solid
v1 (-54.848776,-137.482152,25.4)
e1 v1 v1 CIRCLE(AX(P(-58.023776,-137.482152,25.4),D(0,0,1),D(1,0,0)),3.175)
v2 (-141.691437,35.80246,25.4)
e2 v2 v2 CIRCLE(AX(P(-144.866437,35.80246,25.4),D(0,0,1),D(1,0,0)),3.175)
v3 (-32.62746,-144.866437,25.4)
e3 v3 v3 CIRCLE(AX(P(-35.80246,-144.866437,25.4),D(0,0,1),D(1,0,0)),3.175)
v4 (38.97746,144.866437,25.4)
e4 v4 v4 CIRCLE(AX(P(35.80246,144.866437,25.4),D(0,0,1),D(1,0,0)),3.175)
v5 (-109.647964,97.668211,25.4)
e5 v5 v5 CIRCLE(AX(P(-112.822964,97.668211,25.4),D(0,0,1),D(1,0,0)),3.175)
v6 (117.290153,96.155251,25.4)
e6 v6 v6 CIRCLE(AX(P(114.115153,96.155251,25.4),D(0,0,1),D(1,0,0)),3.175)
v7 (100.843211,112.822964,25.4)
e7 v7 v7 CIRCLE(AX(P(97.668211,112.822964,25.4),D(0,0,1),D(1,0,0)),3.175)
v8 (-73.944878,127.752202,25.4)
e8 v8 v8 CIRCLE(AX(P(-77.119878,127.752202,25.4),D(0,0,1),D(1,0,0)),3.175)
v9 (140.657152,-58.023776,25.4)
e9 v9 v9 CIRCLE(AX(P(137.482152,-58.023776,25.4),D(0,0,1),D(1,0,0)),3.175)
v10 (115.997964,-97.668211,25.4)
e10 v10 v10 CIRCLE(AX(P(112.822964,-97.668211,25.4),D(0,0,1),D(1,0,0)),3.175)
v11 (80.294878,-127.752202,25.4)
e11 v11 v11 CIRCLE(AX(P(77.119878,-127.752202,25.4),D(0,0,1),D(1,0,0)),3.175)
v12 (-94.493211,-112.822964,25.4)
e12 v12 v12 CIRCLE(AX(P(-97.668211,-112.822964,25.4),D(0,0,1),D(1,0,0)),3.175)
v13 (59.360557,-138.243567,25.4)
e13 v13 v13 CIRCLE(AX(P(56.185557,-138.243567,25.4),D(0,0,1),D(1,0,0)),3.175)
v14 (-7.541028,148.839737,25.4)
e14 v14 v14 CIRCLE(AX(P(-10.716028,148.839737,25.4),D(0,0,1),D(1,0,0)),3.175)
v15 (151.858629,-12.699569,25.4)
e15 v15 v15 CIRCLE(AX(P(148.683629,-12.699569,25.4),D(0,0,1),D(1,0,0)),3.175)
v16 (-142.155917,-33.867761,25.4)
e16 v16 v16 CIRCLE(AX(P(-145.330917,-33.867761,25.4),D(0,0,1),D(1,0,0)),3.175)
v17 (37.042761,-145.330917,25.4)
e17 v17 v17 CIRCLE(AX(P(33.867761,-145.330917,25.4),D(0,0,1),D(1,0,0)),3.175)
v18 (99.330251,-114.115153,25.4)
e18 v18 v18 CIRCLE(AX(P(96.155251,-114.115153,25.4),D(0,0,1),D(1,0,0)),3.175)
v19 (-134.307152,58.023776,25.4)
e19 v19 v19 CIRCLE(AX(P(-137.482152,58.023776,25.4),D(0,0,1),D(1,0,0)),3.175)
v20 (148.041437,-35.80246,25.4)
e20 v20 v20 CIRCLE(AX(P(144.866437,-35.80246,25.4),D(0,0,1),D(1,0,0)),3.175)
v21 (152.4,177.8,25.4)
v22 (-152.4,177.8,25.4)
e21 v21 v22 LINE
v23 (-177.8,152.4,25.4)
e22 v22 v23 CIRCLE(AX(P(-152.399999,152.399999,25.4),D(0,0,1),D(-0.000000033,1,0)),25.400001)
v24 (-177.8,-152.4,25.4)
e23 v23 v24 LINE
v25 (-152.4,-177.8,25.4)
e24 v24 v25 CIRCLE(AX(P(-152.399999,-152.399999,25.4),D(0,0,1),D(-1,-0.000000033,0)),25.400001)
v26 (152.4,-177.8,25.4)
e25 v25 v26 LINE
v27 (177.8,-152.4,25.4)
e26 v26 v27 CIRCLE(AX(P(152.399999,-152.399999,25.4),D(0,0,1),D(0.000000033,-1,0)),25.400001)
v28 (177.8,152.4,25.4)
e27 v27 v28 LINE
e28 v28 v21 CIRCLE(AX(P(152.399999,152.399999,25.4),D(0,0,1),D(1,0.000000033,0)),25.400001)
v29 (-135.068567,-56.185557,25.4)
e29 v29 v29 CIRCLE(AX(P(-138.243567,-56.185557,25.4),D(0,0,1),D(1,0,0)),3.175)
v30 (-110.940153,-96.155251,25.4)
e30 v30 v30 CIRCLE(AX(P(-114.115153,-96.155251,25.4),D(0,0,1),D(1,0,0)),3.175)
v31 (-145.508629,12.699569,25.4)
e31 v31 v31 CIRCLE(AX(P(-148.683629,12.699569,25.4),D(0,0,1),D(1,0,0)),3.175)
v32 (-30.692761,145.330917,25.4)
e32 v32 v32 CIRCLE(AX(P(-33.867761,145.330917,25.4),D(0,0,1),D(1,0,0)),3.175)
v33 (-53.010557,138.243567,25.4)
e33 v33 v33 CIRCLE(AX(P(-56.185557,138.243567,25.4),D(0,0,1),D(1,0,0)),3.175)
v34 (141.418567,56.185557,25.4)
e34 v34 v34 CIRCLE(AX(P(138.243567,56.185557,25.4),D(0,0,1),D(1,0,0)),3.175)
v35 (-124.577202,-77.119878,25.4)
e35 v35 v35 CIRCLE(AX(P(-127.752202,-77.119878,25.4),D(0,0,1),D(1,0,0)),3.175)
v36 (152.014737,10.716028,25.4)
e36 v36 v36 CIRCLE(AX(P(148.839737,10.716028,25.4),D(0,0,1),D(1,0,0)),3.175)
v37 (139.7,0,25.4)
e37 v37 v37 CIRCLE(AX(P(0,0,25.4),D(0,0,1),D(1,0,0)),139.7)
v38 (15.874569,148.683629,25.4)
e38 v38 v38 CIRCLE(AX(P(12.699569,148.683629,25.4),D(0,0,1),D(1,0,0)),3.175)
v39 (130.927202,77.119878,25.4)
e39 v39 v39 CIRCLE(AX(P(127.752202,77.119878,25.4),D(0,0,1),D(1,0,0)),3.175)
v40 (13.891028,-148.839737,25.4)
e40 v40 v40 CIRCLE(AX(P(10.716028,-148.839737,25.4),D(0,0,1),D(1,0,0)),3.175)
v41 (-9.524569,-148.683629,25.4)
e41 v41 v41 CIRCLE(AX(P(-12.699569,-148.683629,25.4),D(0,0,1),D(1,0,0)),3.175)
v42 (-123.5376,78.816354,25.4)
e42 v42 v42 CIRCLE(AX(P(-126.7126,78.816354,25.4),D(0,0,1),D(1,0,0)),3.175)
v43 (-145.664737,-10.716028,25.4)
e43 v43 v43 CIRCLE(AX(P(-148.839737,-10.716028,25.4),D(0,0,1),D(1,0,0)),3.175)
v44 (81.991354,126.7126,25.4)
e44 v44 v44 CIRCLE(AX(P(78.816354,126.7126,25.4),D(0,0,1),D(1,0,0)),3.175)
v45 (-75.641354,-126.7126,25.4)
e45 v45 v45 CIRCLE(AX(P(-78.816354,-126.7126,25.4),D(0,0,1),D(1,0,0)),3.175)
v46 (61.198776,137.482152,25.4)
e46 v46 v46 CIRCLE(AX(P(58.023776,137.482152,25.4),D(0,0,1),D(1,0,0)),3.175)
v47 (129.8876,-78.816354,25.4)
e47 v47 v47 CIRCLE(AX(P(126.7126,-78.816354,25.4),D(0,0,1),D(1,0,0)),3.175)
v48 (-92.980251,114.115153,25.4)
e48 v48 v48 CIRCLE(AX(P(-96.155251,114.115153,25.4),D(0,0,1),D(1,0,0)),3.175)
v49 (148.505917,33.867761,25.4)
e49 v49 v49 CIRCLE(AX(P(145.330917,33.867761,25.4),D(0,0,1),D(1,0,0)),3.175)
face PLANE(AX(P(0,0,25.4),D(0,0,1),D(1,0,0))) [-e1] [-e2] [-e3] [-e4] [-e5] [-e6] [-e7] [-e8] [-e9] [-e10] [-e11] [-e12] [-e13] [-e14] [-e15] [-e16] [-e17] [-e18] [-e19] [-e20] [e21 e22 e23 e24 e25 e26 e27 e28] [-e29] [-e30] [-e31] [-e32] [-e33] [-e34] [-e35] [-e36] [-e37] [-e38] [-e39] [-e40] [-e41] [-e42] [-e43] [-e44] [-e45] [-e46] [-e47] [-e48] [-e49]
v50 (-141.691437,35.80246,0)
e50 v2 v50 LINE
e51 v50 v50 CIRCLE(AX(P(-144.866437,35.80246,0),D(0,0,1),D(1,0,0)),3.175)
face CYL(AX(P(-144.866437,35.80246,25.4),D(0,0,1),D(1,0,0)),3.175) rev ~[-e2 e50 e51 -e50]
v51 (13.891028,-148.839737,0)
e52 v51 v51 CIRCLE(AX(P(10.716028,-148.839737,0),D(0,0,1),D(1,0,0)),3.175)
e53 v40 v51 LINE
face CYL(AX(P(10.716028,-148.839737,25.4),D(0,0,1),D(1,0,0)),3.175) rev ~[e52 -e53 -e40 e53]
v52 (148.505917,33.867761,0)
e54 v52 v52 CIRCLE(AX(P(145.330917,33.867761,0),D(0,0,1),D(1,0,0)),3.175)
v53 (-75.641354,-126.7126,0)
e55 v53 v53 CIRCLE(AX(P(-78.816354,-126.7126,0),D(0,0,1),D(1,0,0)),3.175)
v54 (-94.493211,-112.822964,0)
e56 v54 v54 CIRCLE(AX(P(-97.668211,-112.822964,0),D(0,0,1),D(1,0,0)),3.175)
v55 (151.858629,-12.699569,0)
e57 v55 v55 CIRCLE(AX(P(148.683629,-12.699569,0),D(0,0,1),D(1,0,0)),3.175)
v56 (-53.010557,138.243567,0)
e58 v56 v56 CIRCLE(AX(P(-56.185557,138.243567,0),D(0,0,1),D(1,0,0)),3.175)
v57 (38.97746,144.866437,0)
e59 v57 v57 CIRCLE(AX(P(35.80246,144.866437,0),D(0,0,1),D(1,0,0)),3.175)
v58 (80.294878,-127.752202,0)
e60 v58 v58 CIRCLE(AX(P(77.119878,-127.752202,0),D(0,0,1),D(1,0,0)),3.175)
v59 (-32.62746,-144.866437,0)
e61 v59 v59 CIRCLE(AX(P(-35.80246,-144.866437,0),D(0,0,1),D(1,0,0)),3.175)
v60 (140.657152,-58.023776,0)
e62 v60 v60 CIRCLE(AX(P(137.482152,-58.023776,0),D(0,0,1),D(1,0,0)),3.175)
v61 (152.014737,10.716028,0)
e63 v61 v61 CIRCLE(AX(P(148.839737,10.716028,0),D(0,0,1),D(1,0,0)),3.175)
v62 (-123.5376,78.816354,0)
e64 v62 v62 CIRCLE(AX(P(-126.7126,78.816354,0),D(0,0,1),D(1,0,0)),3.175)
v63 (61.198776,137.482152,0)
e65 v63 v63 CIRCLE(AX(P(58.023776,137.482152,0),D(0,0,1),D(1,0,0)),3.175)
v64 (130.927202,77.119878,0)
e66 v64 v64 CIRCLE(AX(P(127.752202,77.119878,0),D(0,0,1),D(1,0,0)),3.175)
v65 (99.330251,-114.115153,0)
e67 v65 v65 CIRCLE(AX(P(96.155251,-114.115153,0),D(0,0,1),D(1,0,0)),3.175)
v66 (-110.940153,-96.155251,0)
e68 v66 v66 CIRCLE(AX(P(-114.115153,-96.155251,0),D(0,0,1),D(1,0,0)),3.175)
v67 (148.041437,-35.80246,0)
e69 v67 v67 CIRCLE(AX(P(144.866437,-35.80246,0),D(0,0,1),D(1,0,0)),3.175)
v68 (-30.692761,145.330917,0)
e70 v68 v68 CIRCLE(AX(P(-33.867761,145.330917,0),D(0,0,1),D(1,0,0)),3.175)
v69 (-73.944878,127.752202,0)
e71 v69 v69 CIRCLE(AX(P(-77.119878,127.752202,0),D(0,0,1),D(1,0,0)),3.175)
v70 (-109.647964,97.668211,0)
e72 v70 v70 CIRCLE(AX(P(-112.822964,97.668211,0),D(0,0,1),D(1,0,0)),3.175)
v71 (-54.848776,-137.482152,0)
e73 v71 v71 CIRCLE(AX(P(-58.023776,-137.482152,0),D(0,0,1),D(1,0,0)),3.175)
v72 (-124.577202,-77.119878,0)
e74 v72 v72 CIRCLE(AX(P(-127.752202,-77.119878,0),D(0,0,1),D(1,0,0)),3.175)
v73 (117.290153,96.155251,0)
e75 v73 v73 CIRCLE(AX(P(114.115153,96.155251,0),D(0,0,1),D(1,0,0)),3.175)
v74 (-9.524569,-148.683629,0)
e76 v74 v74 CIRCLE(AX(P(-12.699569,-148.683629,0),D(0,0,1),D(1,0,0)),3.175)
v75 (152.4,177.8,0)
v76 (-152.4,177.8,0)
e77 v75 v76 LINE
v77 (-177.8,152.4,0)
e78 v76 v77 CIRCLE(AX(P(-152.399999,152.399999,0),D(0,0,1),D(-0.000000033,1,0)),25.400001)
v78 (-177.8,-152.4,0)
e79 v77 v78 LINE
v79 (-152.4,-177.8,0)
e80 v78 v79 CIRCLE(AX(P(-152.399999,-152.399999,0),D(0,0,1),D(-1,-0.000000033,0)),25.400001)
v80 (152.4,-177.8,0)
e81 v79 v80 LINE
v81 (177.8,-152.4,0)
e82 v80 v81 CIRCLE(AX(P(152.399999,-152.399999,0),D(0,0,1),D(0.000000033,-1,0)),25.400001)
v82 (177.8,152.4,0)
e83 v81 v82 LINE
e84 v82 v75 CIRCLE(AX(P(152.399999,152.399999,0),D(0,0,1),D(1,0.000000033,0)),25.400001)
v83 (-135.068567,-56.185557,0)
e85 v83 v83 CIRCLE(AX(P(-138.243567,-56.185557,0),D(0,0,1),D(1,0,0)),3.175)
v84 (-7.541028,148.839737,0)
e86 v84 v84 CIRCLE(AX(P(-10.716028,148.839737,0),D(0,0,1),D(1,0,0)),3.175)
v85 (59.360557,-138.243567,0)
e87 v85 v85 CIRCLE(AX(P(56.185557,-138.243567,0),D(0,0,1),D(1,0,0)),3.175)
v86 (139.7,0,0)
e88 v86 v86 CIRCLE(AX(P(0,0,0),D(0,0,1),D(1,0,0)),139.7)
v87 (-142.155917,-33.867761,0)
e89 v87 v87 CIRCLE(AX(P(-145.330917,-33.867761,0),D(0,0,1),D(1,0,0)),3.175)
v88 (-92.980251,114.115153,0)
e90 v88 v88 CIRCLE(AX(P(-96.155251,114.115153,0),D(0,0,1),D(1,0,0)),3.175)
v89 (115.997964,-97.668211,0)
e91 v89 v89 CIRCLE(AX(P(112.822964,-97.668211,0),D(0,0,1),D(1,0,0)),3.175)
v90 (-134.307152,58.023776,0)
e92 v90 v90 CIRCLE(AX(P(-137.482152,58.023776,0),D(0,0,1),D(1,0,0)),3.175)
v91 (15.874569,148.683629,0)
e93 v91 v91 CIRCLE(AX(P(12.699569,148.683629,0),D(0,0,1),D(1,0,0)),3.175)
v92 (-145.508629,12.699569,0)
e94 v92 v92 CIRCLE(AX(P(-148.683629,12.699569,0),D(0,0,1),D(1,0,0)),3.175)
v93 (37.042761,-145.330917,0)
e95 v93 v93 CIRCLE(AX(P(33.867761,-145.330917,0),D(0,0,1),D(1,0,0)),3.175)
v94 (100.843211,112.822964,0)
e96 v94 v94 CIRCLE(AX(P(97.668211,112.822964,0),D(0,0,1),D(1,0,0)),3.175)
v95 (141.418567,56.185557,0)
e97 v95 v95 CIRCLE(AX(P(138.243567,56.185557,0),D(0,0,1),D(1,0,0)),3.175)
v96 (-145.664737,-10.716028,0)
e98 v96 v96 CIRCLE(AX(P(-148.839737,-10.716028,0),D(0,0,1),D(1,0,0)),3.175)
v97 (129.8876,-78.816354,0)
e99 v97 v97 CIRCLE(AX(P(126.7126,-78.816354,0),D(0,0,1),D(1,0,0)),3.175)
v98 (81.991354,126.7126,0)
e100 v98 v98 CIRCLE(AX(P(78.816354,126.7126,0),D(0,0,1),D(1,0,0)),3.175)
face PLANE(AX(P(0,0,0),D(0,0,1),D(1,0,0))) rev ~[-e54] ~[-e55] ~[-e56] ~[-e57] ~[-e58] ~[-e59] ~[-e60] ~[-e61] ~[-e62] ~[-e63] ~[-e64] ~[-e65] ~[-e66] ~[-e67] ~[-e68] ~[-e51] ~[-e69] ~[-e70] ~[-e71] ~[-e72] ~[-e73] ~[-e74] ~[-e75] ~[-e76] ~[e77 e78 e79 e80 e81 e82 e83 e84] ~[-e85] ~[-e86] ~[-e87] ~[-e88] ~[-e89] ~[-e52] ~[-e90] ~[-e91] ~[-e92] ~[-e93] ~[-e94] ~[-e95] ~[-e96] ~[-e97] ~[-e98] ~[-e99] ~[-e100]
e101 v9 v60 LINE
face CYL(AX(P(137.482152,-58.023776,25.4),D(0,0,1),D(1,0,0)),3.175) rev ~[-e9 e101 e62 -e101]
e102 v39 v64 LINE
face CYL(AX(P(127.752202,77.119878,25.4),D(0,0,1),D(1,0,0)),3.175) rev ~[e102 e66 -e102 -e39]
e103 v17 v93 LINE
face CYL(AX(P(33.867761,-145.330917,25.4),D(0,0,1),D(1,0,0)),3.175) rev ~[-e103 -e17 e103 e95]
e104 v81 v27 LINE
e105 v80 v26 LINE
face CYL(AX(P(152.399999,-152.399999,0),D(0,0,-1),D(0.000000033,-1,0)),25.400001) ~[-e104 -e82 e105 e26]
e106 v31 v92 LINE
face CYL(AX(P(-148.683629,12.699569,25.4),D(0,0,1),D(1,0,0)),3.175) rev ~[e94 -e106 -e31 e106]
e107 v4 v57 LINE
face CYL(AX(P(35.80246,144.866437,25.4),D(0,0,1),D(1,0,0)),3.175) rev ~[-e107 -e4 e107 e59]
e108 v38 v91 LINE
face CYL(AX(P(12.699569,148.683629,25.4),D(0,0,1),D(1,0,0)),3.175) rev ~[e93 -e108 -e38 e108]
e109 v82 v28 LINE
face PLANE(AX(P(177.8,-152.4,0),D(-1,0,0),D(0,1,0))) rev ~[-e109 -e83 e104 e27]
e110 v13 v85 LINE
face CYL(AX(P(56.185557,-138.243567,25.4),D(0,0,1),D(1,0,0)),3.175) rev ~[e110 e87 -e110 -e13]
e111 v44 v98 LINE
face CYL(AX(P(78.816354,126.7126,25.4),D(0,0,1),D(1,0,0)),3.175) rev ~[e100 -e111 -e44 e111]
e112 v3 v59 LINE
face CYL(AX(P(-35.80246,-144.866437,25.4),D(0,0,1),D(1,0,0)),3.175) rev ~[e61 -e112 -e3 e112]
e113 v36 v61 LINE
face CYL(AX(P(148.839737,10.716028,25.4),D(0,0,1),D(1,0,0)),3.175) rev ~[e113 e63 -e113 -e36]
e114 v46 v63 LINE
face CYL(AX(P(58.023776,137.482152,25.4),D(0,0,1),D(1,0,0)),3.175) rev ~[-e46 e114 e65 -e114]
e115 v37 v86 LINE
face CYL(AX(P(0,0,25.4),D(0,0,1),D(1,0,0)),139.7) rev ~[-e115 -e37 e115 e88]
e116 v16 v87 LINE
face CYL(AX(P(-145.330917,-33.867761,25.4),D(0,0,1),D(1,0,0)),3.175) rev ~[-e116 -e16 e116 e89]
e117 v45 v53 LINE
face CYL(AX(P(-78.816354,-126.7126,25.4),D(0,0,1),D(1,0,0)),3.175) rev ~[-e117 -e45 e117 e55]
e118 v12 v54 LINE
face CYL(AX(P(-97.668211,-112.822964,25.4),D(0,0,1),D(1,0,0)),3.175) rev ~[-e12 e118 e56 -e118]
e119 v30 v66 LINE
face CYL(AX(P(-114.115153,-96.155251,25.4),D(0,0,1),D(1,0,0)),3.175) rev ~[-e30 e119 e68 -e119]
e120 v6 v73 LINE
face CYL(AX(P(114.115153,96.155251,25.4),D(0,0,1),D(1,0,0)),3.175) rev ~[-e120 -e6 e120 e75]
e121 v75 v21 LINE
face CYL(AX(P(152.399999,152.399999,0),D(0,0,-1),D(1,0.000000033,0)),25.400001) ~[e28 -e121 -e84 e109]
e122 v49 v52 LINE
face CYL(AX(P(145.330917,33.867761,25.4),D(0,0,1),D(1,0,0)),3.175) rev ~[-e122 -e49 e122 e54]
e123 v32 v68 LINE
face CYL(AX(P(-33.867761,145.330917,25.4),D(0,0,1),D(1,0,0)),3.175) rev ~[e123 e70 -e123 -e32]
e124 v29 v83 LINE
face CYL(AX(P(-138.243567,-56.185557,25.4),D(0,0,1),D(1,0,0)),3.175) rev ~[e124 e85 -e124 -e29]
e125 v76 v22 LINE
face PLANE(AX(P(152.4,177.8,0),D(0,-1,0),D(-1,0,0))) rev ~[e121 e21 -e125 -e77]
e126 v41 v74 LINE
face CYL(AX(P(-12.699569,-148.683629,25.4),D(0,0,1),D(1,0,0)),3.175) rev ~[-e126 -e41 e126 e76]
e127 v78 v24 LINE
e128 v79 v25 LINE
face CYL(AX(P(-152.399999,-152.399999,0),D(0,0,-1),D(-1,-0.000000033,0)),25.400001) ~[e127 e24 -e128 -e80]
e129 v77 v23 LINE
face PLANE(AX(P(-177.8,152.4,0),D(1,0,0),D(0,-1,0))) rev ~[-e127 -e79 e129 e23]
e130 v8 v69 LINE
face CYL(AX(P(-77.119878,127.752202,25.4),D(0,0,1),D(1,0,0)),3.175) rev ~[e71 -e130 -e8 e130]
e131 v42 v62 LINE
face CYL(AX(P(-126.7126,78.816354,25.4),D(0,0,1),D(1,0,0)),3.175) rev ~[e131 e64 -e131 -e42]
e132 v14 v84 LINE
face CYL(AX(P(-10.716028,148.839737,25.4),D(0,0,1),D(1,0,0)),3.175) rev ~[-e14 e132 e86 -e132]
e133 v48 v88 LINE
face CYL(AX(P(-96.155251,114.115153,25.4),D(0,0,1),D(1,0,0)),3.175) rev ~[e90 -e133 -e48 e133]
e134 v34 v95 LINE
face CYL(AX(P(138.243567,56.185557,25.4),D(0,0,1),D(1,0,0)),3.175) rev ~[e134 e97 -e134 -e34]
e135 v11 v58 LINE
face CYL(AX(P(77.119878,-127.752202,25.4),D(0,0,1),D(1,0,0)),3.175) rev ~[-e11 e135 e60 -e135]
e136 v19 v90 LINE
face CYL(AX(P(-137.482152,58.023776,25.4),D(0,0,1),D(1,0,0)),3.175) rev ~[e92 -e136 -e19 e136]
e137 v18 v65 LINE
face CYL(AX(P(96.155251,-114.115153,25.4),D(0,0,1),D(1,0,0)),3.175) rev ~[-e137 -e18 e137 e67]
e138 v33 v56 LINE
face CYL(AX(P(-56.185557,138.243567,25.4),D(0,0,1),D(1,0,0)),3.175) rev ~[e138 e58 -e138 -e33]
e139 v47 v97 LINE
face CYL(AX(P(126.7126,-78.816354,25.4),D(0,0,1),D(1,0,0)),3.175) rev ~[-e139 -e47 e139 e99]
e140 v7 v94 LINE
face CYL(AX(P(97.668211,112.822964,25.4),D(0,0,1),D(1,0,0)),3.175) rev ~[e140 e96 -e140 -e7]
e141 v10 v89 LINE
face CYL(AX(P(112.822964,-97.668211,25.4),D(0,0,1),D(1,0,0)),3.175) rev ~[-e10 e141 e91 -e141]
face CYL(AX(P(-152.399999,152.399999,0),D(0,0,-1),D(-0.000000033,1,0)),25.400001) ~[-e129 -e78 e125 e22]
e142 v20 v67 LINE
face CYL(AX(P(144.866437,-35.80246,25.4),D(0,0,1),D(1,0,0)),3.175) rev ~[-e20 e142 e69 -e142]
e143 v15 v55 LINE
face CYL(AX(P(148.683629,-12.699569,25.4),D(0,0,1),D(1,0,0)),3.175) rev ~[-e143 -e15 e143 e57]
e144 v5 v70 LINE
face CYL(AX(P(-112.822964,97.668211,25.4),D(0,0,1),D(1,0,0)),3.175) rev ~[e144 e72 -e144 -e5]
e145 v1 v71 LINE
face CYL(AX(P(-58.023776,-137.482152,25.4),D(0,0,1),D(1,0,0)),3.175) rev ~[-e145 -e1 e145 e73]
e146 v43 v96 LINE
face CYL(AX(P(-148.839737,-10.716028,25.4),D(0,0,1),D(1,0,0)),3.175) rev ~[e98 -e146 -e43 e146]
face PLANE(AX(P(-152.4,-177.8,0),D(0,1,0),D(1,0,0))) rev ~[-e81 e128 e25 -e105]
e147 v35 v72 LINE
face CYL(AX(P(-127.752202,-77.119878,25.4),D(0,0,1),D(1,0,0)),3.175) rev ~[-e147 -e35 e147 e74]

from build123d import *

# Parameters (mm, degrees)
F1_DEPTH = 25.4
F2_R     = 139.7
F3_DEPTH = 25.4
F4_R     = 3.175
F5_DEPTH = 25.401


with BuildPart() as f1:
    # F0 (on Top) → F1 (new body)
    with BuildSketch(Plane.XY):
        with BuildLine():
            Line((-152.4, -177.8), (152.4, -177.8))
            ThreePointArc((152.4, -177.8), (170.360512, -170.360512), (177.8, -152.4))
            Line((177.8, -152.4), (177.8, 152.4))
            ThreePointArc((177.8, 152.4), (170.360512, 170.360512), (152.4, 177.8))
            Line((152.4, 177.8), (-152.4, 177.8))
            ThreePointArc((-152.4, 177.8), (-170.360512, 170.360512), (-177.8, 152.4))
            Line((-177.8, 152.4), (-177.8, -152.4))
            ThreePointArc((-177.8, -152.4), (-170.360512, -170.360512), (-152.4, -177.8))
        make_face()
    extrude(amount=F1_DEPTH)

    # F2 (on face) → F3 (cut)
    with BuildSketch(Plane.XY.offset(25.4)):
        Circle(F2_R)
    extrude(amount=-F3_DEPTH, mode=Mode.SUBTRACT)

    # F4 (on face) → F5 (cut, through all)
    with BuildSketch(Plane.XY.offset(25.4)):
        with Locations((-148.683629, 12.699569)):
            Circle(F4_R)
        with Locations((-148.839737, -10.716028)):
            Circle(F4_R)
        with Locations((-145.330917, -33.867761)):
            Circle(F4_R)
        with Locations((-138.243567, -56.185557)):
            Circle(F4_R)
        with Locations((-127.752202, -77.119878)):
            Circle(F4_R)
        with Locations((-114.115153, -96.155251)):
            Circle(F4_R)
        with Locations((-97.668211, -112.822964)):
            Circle(F4_R)
        with Locations((-78.816354, -126.7126)):
            Circle(F4_R)
        with Locations((-58.023776, -137.482152)):
            Circle(F4_R)
        with Locations((-35.80246, -144.866437)):
            Circle(F4_R)
        with Locations((-12.699569, -148.683629)):
            Circle(F4_R)
        with Locations((10.716028, -148.839737)):
            Circle(F4_R)
        with Locations((33.867761, -145.330917)):
            Circle(F4_R)
        with Locations((56.185557, -138.243567)):
            Circle(F4_R)
        with Locations((77.119878, -127.752202)):
            Circle(F4_R)
        with Locations((96.155251, -114.115153)):
            Circle(F4_R)
        with Locations((112.822964, -97.668211)):
            Circle(F4_R)
        with Locations((126.7126, -78.816354)):
            Circle(F4_R)
        with Locations((137.482152, -58.023776)):
            Circle(F4_R)
        with Locations((144.866437, -35.80246)):
            Circle(F4_R)
        with Locations((148.683629, -12.699569)):
            Circle(F4_R)
        with Locations((148.839737, 10.716028)):
            Circle(F4_R)
        with Locations((145.330917, 33.867761)):
            Circle(F4_R)
        with Locations((138.243567, 56.185557)):
            Circle(F4_R)
        with Locations((127.752202, 77.119878)):
            Circle(F4_R)
        with Locations((114.115153, 96.155251)):
            Circle(F4_R)
        with Locations((97.668211, 112.822964)):
            Circle(F4_R)
        with Locations((78.816354, 126.7126)):
            Circle(F4_R)
        with Locations((58.023776, 137.482152)):
            Circle(F4_R)
        with Locations((35.80246, 144.866437)):
            Circle(F4_R)
        with Locations((12.699569, 148.683629)):
            Circle(F4_R)
        with Locations((-10.716028, 148.839737)):
            Circle(F4_R)
        with Locations((-33.867761, 145.330917)):
            Circle(F4_R)
        with Locations((-56.185557, 138.243567)):
            Circle(F4_R)
        with Locations((-77.119878, 127.752202)):
            Circle(F4_R)
        with Locations((-96.155251, 114.115153)):
            Circle(F4_R)
        with Locations((-112.822964, 97.668211)):
            Circle(F4_R)
        with Locations((-126.7126, 78.816354)):
            Circle(F4_R)
        with Locations((-137.482152, 58.023776)):
            Circle(F4_R)
        with Locations((-144.866437, 35.80246)):
            Circle(F4_R)
    extrude(amount=-F5_DEPTH, mode=Mode.SUBTRACT)


solid = f1.part
